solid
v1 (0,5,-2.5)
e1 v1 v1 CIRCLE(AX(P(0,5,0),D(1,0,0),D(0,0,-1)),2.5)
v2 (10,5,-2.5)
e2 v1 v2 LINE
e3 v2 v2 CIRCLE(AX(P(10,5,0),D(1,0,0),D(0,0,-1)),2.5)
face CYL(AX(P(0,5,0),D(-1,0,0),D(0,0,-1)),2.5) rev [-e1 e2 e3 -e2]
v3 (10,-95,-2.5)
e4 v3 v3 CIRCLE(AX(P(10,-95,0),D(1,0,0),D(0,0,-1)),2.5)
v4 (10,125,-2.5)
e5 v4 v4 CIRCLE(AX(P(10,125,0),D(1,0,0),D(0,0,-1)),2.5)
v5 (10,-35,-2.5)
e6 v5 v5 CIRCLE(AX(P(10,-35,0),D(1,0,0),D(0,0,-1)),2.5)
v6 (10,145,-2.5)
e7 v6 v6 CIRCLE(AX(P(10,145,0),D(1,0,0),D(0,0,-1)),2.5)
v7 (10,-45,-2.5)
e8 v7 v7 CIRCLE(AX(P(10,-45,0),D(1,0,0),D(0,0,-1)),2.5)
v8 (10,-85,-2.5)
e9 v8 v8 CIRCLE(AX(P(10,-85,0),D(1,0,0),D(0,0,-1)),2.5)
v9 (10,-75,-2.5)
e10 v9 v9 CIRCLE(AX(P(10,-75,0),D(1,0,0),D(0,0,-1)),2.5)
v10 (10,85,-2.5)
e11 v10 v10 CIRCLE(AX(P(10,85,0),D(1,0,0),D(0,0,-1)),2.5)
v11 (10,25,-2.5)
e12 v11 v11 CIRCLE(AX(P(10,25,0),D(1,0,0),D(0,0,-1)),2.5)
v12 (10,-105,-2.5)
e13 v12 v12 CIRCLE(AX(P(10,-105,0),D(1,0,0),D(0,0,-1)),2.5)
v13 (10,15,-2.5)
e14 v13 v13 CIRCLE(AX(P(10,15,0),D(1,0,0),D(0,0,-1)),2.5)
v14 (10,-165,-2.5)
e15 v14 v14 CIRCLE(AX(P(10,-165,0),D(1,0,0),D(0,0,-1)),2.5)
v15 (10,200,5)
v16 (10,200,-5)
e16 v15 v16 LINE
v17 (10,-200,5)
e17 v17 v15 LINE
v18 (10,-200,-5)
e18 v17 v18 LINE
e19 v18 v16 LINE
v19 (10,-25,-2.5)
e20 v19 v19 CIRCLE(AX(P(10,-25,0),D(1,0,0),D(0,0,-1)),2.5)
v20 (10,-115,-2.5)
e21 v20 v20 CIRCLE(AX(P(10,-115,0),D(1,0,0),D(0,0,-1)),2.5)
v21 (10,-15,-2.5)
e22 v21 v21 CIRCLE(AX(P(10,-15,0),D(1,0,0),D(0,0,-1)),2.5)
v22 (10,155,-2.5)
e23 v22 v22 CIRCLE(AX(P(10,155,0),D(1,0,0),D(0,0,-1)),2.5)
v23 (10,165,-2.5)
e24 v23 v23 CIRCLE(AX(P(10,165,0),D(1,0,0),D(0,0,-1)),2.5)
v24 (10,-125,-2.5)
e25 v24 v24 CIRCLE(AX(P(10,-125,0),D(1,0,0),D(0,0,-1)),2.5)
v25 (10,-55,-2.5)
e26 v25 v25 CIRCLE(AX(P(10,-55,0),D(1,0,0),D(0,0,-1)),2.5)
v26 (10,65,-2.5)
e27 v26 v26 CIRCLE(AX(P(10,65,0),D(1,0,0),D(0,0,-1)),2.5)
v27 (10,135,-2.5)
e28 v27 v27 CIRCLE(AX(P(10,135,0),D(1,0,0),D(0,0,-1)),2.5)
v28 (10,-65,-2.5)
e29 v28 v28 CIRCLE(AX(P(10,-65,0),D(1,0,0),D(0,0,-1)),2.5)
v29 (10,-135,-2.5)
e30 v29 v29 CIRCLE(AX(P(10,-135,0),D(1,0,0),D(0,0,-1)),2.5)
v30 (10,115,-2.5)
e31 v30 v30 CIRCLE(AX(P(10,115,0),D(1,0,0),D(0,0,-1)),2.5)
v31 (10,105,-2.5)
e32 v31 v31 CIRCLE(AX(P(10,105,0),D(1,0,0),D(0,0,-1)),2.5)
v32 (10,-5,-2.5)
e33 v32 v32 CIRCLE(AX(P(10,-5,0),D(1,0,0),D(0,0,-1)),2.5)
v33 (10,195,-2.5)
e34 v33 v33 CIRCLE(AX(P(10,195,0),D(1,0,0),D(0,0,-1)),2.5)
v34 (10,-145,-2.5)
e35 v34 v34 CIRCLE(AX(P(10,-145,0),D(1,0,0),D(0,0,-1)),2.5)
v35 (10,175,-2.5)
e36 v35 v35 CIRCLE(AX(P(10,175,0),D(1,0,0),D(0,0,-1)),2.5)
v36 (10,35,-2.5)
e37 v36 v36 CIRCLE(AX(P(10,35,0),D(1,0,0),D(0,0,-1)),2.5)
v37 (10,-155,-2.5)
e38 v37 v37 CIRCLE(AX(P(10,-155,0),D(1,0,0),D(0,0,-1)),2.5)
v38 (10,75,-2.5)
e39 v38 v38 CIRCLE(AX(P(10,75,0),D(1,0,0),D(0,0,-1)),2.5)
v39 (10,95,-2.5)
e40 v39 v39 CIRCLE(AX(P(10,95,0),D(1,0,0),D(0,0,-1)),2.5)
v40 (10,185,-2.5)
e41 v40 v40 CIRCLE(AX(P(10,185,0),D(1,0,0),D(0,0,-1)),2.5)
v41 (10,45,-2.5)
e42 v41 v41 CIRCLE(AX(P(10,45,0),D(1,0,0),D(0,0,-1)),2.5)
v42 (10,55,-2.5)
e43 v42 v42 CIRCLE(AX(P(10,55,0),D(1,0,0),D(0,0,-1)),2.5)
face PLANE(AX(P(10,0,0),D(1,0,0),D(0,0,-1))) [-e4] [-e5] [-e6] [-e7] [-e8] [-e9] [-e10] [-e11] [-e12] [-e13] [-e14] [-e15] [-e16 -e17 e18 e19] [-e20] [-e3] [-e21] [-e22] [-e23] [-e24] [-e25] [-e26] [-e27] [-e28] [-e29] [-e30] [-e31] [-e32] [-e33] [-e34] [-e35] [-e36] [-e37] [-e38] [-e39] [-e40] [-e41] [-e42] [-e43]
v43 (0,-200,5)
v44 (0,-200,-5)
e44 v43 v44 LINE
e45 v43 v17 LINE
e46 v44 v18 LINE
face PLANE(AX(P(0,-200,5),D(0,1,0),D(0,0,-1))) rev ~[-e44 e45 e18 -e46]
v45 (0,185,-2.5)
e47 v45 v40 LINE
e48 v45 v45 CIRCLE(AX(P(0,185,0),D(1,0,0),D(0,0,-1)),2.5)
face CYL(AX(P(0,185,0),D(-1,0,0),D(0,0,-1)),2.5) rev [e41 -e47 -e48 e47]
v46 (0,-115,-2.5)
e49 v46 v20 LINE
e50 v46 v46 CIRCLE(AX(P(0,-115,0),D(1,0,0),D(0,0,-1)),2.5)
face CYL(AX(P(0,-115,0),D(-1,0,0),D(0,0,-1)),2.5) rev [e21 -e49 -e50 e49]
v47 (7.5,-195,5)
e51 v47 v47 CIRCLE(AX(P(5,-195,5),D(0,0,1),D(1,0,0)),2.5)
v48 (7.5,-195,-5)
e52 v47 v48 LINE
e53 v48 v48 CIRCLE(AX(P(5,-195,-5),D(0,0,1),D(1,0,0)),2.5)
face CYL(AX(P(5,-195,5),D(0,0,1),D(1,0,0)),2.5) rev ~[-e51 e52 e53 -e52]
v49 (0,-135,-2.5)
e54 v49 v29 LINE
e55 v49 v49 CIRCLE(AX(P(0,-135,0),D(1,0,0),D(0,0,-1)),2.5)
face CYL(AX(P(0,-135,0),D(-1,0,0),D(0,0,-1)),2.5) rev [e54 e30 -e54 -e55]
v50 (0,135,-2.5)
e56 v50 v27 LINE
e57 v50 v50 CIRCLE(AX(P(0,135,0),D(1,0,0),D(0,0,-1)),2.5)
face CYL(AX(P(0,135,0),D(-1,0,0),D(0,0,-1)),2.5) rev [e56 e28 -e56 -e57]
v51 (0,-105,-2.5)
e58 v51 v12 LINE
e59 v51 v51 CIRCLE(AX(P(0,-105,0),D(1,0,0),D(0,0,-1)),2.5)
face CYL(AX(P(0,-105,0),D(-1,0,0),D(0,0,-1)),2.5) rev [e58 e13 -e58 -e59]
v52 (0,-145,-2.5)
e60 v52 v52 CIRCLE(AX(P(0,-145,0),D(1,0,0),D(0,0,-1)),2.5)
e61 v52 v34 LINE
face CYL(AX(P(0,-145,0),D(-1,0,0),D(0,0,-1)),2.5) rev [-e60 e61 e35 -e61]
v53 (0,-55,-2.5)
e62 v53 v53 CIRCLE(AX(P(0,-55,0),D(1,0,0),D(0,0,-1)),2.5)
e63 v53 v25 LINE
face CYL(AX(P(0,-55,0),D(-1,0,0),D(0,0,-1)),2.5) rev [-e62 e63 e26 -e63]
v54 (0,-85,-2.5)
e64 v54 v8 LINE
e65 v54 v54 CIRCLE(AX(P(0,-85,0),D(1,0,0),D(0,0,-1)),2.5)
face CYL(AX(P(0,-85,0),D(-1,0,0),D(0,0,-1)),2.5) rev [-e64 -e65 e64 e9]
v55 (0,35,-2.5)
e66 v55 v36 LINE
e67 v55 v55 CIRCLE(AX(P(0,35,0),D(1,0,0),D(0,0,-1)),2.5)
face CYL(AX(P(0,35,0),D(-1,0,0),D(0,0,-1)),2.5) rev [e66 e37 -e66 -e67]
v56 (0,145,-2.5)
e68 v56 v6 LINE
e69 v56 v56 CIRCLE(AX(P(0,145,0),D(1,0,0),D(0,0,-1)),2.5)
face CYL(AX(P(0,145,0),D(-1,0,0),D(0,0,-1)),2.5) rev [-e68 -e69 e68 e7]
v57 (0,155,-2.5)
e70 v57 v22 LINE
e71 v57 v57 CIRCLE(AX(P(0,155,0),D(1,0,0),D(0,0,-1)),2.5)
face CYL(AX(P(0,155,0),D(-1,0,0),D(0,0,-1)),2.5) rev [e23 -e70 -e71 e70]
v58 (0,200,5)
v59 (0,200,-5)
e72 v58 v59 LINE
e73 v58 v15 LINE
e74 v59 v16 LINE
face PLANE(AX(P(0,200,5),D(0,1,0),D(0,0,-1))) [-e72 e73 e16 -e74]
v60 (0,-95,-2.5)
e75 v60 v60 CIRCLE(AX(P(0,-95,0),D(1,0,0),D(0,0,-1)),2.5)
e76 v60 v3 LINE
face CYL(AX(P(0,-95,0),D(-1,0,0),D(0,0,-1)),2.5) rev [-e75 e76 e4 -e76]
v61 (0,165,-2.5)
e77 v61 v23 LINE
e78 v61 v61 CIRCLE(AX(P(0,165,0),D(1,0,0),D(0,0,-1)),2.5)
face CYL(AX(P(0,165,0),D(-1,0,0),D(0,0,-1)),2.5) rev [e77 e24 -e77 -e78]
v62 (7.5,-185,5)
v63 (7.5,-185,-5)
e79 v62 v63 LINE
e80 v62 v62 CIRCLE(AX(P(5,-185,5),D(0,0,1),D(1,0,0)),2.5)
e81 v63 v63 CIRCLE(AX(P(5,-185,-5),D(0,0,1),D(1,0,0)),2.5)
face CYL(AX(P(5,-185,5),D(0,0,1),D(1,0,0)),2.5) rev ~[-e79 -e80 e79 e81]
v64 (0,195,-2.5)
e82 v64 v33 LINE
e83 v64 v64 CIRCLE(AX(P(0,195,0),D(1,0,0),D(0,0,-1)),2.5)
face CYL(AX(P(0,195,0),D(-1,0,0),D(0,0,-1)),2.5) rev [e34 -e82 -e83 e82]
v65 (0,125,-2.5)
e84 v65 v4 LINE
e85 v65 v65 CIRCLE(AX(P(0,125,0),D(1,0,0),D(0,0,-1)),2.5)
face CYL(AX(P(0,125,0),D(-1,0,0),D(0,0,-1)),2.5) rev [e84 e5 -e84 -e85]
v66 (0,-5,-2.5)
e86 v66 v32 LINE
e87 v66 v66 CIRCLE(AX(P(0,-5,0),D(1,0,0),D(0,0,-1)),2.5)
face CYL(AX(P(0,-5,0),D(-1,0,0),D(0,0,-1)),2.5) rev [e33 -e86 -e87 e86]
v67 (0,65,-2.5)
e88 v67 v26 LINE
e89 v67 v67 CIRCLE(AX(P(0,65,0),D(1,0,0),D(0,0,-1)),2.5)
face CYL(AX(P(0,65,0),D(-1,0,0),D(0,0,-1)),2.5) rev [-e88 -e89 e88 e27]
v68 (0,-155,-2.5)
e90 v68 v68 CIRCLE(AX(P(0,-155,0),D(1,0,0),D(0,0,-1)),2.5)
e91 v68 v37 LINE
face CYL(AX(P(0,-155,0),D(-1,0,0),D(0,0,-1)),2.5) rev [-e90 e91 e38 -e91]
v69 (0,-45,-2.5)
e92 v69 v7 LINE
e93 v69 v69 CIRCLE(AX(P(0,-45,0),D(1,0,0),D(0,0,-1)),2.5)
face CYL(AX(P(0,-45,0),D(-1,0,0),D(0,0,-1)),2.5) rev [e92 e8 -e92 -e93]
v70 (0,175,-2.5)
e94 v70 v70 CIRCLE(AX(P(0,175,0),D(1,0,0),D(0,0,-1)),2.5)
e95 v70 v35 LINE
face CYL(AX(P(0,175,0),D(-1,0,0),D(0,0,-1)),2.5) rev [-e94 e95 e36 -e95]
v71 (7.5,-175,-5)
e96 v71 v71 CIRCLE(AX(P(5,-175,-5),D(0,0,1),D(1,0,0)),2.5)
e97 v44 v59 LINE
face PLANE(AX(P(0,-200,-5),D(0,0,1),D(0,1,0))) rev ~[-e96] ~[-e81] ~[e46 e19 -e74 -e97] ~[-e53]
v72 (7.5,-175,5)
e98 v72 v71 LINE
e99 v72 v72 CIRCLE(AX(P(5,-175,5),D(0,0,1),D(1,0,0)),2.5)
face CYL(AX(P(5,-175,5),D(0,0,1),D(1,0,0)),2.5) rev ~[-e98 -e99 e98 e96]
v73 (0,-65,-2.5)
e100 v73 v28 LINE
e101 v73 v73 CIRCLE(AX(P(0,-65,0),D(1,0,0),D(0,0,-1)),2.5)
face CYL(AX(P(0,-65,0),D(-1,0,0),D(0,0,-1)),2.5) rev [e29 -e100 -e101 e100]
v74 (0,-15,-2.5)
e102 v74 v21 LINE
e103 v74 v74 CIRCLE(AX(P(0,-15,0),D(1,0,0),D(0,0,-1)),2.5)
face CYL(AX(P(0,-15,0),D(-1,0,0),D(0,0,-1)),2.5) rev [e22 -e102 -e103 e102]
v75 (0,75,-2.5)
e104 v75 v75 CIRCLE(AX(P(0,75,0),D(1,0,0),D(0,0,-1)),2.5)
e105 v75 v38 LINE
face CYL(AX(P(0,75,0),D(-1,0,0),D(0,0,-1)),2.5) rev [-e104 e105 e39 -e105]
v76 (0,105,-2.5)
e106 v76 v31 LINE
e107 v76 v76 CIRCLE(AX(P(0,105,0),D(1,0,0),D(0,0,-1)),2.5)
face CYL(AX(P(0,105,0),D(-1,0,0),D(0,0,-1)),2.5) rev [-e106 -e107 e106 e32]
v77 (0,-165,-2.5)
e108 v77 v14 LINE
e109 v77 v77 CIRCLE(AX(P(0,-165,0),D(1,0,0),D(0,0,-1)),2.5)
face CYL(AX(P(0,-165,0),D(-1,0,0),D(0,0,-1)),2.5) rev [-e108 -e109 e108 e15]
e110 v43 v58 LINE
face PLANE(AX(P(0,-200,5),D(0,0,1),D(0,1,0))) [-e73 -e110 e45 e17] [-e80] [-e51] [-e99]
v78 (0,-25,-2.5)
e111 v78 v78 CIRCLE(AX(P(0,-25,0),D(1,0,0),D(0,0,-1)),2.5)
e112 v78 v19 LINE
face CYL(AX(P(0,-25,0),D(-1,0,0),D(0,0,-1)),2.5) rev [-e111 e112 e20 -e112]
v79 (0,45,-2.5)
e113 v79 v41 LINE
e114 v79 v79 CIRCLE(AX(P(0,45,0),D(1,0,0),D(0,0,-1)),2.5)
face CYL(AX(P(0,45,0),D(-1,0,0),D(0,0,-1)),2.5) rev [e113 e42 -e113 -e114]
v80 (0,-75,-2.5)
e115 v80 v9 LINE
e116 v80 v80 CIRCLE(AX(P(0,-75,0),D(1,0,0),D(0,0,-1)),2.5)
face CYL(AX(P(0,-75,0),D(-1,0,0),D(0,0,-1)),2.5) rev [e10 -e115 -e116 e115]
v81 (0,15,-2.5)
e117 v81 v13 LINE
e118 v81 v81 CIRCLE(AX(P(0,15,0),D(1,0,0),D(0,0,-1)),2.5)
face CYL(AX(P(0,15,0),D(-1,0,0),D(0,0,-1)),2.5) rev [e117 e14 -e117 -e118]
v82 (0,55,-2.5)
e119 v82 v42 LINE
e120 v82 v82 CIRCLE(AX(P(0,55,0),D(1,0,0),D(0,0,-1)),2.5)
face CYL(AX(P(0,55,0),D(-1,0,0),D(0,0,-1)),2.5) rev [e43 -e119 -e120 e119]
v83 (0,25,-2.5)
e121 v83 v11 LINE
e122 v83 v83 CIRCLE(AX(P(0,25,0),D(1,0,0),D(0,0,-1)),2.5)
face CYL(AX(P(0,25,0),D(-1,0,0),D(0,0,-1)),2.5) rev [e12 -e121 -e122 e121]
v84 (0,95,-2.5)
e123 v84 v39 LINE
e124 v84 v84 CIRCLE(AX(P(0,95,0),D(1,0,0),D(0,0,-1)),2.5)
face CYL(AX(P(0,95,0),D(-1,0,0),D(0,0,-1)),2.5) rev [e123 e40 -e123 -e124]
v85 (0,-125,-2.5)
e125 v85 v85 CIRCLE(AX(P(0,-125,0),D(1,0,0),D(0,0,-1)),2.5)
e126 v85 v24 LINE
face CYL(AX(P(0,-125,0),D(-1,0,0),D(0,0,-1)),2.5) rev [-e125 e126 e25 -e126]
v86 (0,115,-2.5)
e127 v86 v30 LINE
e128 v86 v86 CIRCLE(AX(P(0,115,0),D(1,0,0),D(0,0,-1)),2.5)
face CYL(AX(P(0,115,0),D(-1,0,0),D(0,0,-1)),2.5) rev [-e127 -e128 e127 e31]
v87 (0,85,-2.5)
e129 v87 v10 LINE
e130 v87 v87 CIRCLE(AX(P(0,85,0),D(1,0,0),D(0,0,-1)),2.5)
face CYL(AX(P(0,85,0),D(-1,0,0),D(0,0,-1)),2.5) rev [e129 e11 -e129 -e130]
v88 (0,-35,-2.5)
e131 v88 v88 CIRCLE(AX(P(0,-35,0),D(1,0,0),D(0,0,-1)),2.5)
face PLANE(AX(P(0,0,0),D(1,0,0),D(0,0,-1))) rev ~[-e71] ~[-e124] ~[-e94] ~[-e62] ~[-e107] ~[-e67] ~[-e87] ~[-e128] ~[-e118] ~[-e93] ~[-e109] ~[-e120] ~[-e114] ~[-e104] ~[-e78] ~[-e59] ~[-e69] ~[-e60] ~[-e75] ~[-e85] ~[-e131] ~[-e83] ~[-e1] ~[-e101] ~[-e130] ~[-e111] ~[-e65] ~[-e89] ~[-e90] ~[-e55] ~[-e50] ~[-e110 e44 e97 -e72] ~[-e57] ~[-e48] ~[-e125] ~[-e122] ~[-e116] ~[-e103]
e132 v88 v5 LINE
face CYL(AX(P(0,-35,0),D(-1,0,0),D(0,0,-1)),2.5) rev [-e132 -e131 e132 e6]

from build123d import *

# Parameters (mm, degrees)
ESQUISSE1_W             = 10
ESQUISSE1_H             = 400
ESQUISSE1_R             = 2.5
BASE_DEPTH              = 10
ESQUISSE2_R             = 2.5
ENL_V_MAT_EXTRU_1_DEPTH = 10


with BuildPart() as part:
    # Esquisse1 → BASE (new body)
    with BuildSketch(Plane(origin=(0, 0, 0), x_dir=(0, 0, -1), z_dir=(1, 0, 0))):
        Rectangle(ESQUISSE1_W, ESQUISSE1_H)
        with Locations((0, 195)):
            Circle(ESQUISSE1_R, mode=Mode.SUBTRACT)
        with Locations((0, 185)):
            Circle(ESQUISSE1_R, mode=Mode.SUBTRACT)
        with Locations((0, 175)):
            Circle(ESQUISSE1_R, mode=Mode.SUBTRACT)
        with Locations((0, 165)):
            Circle(ESQUISSE1_R, mode=Mode.SUBTRACT)
        with Locations((0, 155)):
            Circle(ESQUISSE1_R, mode=Mode.SUBTRACT)
        with Locations((0, 145)):
            Circle(ESQUISSE1_R, mode=Mode.SUBTRACT)
        with Locations((0, 135)):
            Circle(ESQUISSE1_R, mode=Mode.SUBTRACT)
        with Locations((0, 125)):
            Circle(ESQUISSE1_R, mode=Mode.SUBTRACT)
        with Locations((0, 115)):
            Circle(ESQUISSE1_R, mode=Mode.SUBTRACT)
        with Locations((0, 105)):
            Circle(ESQUISSE1_R, mode=Mode.SUBTRACT)
        with Locations((0, 95)):
            Circle(ESQUISSE1_R, mode=Mode.SUBTRACT)
        with Locations((0, 85)):
            Circle(ESQUISSE1_R, mode=Mode.SUBTRACT)
        with Locations((0, 75)):
            Circle(ESQUISSE1_R, mode=Mode.SUBTRACT)
        with Locations((0, 65)):
            Circle(ESQUISSE1_R, mode=Mode.SUBTRACT)
        with Locations((0, 55)):
            Circle(ESQUISSE1_R, mode=Mode.SUBTRACT)
        with Locations((0, 45)):
            Circle(ESQUISSE1_R, mode=Mode.SUBTRACT)
        with Locations((0, 35)):
            Circle(ESQUISSE1_R, mode=Mode.SUBTRACT)
        with Locations((0, 25)):
            Circle(ESQUISSE1_R, mode=Mode.SUBTRACT)
        with Locations((0, 15)):
            Circle(ESQUISSE1_R, mode=Mode.SUBTRACT)
        with Locations((0, 5)):
            Circle(ESQUISSE1_R, mode=Mode.SUBTRACT)
        with Locations((0, -5)):
            Circle(ESQUISSE1_R, mode=Mode.SUBTRACT)
        with Locations((0, -15)):
            Circle(ESQUISSE1_R, mode=Mode.SUBTRACT)
        with Locations((0, -25)):
            Circle(ESQUISSE1_R, mode=Mode.SUBTRACT)
        with Locations((0, -35)):
            Circle(ESQUISSE1_R, mode=Mode.SUBTRACT)
        with Locations((0, -45)):
            Circle(ESQUISSE1_R, mode=Mode.SUBTRACT)
        with Locations((0, -55)):
            Circle(ESQUISSE1_R, mode=Mode.SUBTRACT)
        with Locations((0, -65)):
            Circle(ESQUISSE1_R, mode=Mode.SUBTRACT)
        with Locations((0, -75)):
            Circle(ESQUISSE1_R, mode=Mode.SUBTRACT)
        with Locations((0, -85)):
            Circle(ESQUISSE1_R, mode=Mode.SUBTRACT)
        with Locations((0, -95)):
            Circle(ESQUISSE1_R, mode=Mode.SUBTRACT)
        with Locations((0, -105)):
            Circle(ESQUISSE1_R, mode=Mode.SUBTRACT)
        with Locations((0, -115)):
            Circle(ESQUISSE1_R, mode=Mode.SUBTRACT)
        with Locations((0, -125)):
            Circle(ESQUISSE1_R, mode=Mode.SUBTRACT)
        with Locations((0, -135)):
            Circle(ESQUISSE1_R, mode=Mode.SUBTRACT)
        with Locations((0, -145)):
            Circle(ESQUISSE1_R, mode=Mode.SUBTRACT)
        with Locations((0, -155)):
            Circle(ESQUISSE1_R, mode=Mode.SUBTRACT)
        with Locations((0, -165)):
            Circle(ESQUISSE1_R, mode=Mode.SUBTRACT)
    extrude(amount=BASE_DEPTH)

    # Esquisse2 → Enlèv. mat.-Extru.1 (cut)
    with BuildSketch(Plane.XY.offset(5)):
        with Locations((5, -195)):
            Circle(ESQUISSE2_R)
        with Locations((5, -185)):
            Circle(ESQUISSE2_R)
        with Locations((5, -175)):
            Circle(ESQUISSE2_R)
    extrude(amount=-ENL_V_MAT_EXTRU_1_DEPTH, mode=Mode.SUBTRACT)


solid = part.part
